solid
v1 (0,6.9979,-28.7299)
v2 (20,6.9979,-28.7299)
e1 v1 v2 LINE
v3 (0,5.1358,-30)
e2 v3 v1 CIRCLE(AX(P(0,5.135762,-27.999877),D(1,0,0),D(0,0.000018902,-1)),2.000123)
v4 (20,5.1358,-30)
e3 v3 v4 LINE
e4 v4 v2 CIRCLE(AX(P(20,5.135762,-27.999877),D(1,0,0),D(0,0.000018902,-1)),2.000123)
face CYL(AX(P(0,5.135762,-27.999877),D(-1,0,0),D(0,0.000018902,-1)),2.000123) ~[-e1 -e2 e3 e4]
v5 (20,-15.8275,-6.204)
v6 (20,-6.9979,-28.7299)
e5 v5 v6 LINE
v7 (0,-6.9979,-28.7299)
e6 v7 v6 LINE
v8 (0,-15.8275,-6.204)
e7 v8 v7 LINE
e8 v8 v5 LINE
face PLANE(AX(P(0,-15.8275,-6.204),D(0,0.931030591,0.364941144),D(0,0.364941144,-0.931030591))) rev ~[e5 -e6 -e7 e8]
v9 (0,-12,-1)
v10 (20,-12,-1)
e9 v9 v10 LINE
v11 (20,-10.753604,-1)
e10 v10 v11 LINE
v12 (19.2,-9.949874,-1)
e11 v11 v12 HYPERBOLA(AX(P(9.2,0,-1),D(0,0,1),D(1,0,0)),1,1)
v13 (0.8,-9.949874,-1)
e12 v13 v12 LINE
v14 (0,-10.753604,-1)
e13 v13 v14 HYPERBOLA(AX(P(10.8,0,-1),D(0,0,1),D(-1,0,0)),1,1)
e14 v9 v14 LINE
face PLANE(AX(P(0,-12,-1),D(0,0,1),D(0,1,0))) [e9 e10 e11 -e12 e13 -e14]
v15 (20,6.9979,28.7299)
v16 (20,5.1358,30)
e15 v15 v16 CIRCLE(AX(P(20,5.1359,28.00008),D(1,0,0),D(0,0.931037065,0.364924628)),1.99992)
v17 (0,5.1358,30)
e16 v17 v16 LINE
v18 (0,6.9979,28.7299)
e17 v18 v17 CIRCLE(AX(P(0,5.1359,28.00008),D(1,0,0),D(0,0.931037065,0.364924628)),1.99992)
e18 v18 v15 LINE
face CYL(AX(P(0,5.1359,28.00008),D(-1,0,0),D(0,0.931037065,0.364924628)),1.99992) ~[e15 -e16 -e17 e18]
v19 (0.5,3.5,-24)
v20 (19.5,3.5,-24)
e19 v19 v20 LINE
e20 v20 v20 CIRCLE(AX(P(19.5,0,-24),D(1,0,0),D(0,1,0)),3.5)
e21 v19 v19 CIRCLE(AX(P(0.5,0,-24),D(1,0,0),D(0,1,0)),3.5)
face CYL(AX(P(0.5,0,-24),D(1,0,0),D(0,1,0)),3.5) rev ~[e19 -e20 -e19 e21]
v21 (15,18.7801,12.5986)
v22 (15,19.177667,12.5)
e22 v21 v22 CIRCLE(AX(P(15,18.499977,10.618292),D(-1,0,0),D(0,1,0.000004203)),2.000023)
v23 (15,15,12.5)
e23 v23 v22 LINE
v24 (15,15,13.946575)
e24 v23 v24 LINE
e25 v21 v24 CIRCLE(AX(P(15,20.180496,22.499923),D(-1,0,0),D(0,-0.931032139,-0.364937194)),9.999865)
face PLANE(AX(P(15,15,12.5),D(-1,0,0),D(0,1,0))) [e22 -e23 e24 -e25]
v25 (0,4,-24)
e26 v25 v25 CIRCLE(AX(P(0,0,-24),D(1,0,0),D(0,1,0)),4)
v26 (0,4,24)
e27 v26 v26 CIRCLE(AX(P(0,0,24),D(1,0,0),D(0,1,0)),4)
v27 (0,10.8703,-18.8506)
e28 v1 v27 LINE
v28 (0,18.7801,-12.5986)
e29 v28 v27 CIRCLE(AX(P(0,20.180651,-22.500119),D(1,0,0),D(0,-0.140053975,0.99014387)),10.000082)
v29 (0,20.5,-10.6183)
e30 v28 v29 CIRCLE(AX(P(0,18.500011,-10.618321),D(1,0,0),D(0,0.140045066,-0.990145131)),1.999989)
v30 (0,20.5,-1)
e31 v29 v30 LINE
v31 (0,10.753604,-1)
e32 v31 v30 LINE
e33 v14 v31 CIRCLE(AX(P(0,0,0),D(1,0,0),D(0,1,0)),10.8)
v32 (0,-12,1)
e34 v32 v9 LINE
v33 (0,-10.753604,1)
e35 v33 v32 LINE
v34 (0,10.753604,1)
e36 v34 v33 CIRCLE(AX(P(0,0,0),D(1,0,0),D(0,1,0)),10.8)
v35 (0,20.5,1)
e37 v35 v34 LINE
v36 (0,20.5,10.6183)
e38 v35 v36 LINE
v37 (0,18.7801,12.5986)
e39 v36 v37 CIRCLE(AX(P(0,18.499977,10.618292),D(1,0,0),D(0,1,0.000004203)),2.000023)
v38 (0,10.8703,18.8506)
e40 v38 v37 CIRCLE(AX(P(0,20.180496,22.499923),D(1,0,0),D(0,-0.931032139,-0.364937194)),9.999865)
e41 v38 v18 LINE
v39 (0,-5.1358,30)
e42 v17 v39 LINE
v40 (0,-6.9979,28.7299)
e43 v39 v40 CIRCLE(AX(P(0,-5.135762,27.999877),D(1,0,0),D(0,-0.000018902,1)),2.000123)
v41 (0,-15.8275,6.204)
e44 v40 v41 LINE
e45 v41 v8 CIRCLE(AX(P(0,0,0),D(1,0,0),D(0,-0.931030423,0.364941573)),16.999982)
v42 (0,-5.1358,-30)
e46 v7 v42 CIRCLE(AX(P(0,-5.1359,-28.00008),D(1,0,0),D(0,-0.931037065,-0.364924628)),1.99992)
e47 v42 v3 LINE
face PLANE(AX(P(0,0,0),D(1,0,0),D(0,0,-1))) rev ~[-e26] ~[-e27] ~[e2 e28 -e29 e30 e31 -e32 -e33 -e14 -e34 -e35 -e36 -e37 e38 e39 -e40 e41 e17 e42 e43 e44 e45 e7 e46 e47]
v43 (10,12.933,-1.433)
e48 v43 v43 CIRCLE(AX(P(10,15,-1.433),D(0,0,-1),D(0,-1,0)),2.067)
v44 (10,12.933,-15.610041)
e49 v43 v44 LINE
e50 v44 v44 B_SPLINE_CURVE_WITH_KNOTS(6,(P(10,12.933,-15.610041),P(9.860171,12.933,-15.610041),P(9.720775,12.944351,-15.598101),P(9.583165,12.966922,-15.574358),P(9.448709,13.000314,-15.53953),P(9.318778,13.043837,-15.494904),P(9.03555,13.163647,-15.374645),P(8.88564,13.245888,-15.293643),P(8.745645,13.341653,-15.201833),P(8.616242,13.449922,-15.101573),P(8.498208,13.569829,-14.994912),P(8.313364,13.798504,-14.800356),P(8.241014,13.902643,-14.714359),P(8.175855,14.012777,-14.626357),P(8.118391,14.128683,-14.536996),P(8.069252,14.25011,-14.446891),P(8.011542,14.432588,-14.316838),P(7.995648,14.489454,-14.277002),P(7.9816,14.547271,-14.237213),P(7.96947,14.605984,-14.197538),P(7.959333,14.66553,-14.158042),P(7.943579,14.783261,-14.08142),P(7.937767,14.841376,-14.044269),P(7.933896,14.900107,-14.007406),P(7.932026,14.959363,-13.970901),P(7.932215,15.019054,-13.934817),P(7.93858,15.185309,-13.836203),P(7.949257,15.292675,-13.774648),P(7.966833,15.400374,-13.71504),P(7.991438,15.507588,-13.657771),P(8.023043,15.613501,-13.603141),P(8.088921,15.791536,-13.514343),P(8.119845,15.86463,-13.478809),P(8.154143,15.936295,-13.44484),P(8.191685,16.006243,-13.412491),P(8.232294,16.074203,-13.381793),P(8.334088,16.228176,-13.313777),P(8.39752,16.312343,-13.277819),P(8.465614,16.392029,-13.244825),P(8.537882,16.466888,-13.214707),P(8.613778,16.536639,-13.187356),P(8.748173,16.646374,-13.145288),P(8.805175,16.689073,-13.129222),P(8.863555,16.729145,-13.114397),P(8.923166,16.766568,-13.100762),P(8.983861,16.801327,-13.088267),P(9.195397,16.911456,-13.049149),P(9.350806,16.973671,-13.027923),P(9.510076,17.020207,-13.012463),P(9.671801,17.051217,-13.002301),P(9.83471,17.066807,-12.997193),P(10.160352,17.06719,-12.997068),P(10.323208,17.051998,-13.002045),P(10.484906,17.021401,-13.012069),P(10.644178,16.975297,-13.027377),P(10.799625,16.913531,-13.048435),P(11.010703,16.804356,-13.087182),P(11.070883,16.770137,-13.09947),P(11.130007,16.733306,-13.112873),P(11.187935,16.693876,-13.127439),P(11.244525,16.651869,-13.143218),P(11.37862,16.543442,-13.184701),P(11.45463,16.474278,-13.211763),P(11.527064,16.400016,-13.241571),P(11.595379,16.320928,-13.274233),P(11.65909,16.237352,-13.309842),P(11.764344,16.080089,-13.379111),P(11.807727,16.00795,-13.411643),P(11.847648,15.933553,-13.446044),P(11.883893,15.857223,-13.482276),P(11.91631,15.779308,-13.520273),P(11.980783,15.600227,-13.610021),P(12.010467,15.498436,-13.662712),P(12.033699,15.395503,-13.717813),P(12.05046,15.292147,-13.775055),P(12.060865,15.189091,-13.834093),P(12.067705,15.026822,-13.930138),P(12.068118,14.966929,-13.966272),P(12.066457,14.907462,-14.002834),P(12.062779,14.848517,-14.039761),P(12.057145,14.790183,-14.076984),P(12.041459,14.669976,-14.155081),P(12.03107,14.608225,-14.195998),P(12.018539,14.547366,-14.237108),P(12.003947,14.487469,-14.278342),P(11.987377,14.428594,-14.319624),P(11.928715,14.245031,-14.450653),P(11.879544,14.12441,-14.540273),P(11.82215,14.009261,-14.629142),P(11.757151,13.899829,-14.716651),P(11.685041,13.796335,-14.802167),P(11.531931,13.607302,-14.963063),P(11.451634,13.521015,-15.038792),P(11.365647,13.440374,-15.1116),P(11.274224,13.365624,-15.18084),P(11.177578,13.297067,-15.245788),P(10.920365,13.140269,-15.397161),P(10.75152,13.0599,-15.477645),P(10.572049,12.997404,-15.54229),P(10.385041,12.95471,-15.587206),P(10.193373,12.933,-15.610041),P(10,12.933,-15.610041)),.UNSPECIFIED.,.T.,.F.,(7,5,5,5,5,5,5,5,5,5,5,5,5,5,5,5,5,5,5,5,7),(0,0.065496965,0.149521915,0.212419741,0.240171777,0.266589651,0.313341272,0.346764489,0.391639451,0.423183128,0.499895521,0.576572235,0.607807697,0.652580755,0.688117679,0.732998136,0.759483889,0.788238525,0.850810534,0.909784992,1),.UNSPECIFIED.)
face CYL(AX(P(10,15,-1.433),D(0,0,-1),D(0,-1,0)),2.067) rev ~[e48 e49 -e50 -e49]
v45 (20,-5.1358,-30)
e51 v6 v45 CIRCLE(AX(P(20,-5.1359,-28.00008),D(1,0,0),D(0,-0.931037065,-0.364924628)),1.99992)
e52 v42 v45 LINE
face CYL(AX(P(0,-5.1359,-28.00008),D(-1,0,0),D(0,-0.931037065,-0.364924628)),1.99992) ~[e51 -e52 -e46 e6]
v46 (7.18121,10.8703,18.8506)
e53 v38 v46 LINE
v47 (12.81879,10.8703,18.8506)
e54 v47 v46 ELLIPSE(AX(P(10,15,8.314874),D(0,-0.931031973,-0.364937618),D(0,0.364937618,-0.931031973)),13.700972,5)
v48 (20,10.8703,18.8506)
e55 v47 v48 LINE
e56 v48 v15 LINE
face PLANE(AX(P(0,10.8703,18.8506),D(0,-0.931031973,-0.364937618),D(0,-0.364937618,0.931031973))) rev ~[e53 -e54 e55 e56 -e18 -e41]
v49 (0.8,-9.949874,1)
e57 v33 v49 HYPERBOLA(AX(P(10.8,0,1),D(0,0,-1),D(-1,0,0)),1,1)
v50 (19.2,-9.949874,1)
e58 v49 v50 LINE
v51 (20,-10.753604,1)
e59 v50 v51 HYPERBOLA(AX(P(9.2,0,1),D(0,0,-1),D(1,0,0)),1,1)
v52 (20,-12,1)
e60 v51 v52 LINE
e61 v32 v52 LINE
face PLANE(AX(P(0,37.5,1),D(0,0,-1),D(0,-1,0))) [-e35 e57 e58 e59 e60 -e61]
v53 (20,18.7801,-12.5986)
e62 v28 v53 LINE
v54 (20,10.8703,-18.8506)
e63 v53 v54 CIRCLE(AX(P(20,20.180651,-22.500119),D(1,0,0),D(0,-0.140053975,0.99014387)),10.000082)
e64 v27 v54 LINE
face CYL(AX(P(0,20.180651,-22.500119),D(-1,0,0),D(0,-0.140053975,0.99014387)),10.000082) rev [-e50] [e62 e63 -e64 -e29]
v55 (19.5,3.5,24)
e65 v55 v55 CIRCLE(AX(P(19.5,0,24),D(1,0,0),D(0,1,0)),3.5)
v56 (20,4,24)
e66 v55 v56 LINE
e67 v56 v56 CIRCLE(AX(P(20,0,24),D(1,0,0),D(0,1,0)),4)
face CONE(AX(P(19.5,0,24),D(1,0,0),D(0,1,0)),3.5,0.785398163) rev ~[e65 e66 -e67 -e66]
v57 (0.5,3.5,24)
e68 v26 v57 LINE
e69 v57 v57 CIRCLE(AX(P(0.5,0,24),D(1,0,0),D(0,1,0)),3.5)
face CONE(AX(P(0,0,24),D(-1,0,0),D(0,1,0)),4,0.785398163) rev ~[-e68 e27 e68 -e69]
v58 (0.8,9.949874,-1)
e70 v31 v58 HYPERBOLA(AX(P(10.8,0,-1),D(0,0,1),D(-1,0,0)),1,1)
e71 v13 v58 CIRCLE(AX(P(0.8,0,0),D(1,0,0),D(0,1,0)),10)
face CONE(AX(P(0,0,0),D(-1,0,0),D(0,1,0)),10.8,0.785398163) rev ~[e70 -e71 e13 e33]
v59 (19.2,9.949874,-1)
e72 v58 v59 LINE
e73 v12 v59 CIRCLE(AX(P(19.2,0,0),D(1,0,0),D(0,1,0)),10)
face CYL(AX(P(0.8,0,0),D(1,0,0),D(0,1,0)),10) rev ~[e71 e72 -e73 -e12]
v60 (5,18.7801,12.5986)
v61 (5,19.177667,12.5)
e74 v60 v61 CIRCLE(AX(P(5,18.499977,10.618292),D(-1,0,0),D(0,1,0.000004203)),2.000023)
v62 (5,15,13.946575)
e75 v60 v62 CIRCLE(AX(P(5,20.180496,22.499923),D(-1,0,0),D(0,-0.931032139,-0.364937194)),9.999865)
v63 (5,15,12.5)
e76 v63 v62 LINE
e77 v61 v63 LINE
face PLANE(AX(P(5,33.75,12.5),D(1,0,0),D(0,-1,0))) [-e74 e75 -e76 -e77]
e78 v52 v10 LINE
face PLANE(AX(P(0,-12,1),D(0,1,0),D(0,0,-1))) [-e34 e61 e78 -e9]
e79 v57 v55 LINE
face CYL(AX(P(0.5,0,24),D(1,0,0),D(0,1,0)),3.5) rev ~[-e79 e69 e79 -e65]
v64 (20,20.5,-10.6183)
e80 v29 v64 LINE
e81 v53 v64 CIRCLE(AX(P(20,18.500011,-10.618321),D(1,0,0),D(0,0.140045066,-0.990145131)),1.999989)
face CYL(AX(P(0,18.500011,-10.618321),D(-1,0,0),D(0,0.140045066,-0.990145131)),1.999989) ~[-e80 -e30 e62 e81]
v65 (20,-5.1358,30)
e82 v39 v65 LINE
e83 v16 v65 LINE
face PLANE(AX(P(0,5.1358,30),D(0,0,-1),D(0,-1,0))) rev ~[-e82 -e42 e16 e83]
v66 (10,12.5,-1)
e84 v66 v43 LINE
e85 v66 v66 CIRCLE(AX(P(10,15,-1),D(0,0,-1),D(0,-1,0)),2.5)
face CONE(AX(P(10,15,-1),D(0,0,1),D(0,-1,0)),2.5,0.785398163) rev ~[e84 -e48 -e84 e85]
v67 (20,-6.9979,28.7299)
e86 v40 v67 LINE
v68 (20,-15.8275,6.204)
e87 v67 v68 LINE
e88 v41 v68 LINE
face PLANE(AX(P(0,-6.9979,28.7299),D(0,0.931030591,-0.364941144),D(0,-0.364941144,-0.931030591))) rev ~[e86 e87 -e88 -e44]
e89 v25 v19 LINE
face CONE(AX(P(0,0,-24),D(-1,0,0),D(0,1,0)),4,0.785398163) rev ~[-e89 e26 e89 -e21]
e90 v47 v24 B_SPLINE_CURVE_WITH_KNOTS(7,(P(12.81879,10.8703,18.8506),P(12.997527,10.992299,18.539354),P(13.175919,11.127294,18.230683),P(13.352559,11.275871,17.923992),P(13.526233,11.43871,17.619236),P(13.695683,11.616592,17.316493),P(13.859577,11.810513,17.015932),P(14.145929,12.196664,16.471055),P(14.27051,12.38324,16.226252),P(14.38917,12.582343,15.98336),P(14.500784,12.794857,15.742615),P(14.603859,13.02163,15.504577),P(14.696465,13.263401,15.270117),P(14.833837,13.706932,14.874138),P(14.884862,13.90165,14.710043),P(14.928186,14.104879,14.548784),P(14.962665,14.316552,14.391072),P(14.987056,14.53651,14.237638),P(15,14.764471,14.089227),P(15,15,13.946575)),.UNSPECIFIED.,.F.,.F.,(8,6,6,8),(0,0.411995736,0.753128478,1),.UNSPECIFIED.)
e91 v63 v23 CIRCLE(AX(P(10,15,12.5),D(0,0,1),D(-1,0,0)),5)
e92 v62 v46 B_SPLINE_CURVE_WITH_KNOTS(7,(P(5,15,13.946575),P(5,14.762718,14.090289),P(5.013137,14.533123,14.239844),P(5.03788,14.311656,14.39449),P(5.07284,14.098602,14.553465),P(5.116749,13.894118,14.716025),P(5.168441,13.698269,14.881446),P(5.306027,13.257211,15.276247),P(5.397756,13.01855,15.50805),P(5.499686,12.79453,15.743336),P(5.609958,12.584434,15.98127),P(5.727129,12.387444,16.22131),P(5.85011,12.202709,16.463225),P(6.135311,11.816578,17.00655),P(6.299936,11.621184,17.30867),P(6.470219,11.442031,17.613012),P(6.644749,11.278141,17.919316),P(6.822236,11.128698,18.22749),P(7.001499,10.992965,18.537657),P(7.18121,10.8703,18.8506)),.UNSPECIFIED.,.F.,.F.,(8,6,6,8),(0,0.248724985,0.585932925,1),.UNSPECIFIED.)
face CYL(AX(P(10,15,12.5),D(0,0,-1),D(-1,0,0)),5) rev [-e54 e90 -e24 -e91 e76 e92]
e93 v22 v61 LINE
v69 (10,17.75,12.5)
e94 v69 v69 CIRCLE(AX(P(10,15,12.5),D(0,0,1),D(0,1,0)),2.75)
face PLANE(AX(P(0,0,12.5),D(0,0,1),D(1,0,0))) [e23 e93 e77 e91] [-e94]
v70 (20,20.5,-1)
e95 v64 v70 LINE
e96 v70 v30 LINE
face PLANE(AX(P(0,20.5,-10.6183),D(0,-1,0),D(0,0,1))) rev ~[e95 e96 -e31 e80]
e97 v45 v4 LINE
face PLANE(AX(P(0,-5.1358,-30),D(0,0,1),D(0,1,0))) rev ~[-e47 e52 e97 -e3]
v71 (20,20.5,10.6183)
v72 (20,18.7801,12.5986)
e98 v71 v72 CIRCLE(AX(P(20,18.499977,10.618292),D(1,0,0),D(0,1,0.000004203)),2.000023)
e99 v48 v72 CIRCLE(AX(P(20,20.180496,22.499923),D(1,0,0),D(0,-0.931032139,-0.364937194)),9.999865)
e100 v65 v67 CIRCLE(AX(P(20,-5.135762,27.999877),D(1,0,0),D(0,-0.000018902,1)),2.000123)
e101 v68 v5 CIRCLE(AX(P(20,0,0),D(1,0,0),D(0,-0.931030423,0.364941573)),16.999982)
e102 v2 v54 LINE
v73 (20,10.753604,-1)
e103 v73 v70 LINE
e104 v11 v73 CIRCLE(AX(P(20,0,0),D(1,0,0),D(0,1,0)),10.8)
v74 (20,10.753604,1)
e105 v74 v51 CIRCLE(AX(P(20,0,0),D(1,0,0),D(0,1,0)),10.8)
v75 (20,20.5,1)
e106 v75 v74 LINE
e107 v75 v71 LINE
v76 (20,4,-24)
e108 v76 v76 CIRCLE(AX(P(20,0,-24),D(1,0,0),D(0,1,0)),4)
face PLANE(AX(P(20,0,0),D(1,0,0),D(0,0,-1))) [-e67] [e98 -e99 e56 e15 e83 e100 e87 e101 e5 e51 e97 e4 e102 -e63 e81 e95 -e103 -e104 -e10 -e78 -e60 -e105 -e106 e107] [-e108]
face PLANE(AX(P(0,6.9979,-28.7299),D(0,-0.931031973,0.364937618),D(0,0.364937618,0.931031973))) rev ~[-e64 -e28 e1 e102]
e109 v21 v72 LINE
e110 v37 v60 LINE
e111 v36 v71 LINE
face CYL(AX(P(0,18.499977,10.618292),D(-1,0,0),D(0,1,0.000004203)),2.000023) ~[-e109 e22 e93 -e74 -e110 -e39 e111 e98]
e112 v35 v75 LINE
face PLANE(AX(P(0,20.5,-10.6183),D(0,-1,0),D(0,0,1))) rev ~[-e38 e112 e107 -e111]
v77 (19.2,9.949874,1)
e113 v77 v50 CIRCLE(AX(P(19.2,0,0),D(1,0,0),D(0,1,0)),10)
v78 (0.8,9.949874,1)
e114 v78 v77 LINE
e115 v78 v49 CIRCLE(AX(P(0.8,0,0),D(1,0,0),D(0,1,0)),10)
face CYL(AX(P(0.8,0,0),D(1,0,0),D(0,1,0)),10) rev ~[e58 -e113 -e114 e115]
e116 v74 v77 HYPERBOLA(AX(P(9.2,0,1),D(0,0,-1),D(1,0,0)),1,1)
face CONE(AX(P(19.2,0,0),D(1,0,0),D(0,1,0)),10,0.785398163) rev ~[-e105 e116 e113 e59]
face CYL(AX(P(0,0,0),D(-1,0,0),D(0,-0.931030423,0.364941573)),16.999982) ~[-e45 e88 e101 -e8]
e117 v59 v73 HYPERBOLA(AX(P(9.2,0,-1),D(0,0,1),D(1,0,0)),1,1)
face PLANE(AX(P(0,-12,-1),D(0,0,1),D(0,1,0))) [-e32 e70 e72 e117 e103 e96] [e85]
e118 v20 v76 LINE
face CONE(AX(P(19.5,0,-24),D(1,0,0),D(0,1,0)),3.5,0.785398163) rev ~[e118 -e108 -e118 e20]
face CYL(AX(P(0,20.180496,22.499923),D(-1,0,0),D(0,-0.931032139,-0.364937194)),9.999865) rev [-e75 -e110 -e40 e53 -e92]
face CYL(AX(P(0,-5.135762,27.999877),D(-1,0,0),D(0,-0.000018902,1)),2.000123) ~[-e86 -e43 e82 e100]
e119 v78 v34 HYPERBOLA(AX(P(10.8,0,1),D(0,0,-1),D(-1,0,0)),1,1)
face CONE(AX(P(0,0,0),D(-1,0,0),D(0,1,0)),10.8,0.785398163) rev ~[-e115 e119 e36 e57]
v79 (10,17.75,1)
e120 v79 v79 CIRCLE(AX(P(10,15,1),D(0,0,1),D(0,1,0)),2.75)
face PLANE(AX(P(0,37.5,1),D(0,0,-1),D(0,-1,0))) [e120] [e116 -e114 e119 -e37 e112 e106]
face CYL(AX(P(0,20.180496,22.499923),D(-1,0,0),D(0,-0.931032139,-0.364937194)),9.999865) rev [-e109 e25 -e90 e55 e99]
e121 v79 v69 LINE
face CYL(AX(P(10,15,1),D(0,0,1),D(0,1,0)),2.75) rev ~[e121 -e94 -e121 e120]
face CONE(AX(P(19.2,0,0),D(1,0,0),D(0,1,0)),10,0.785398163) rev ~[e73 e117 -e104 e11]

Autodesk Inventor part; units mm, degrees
sketch "_____8" plane through (0, 0, 0) normal (1, 0, 0) x (0, 0, -1)
  line L0 (-30, 5.1358) -> (-30, -5.1358)
  arc A0 (-30, -5.1358) -> (-28.7299, -6.9979) centre (-28, -5.1358) ccw
  line L1 (-28.7299, -6.9979) -> (-6.204, -15.8275)
  arc A1 (-6.204, -15.8275) -> (6.204, -15.8275) centre (0, 0) ccw
  line L2 (6.204, -15.8275) -> (28.7299, -6.9979)
  arc A2 (28.7299, -6.9979) -> (30, -5.1358) centre (28, -5.1358) ccw
  line L3 (30, -5.1358) -> (30, 5.1358)
  arc A3 (30, 5.1358) -> (28.7299, 6.9979) centre (28, 5.1358) ccw
  line L4 (28.7299, 6.9979) -> (18.8506, 10.8703)
  arc A4 (12.5986, 18.7801) -> (18.8506, 10.8703) centre (22.5, 20.1806) ccw
  arc A5 (12.5986, 18.7801) -> (10.6183, 20.5) centre (10.6183, 18.5) ccw
  line L5 (10.6183, 20.5) -> (-10.6183, 20.5)
  arc A6 (-10.6183, 20.5) -> (-12.5986, 18.7801) centre (-10.6183, 18.5) ccw
  arc A7 (-18.8506, 10.8703) -> (-12.5986, 18.7801) centre (-22.5, 20.1806) ccw
  line L6 (-18.8506, 10.8703) -> (-28.7299, 6.9979)
  arc A8 (-28.7299, 6.9979) -> (-30, 5.1358) centre (-28, 5.1358) ccw
extrude "Extrusion1" add sketch "_____8" along normal blind 20
sketch "_____2" plane through (0, 0, 0) normal (1, 0, 0) x (0, 0, -1)
  line L0 (-1, 37.5) -> (-1, -12)
  line L1 (-1, -12) -> (1, -12)
  line L2 (1, -12) -> (1, 37.5)
  line L3 (1, 37.5) -> (-1, 37.5)
extrude "Extrusion2" cut sketch "_____2" along normal blind 20
sketch "_____3" plane through (0, 0, 0) normal (0, 0, 1) x (1, 0, 0)
  line L0 (20, 0) -> (0, 0)
  line L1 (0, 0) -> (0, 10.8)
  line L2 (0, 10.8) -> (0.8, 10)
  line L3 (0.8, 10) -> (19.2, 10)
  line L4 (19.2, 10) -> (20, 10.8)
  line L5 (20, 10.8) -> (20, 0)
  line L6 (20, 0) -> (0, 0)
revolve "Revolution1" cut sketch "_____3" angle 360 about axis through (20, 0, 0) along (1, 0, 0)
sketch "_____4" plane through (0, 0, 24) normal (0, 0, 1) x (1, 0, 0)
  line L0 (20, 0) -> (0, 0)
  line L1 (0, 0) -> (0, 4)
  line L2 (0, 4) -> (0.5, 3.5)
  line L3 (0.5, 3.5) -> (19.5, 3.5)
  line L4 (19.5, 3.5) -> (20, 4)
  line L5 (20, 4) -> (20, 0)
  line L6 (20, 0) -> (0, 0)
revolve "Revolution2" cut sketch "_____4" angle 360 about axis through (20, 0, 24) along (1, 0, 0)
pattern_linear "Rectangular Pattern1" count 2 spacing 48 along (0, 0, -1) of "Revolution2"
sketch "Sketch5" plane through (0, 20.5, -1) normal (0, 0, 1) x (1, 0, 0)
  point P0 (10, -5.5)
hole "Hole1" at (10, 15, -1) direction (0, 0, -1) diameter 4.134 depth 16.5 countersink diameter 5 countersink angle 90 thread size "M5x0.8" class "6H" standard "ISO Metric profile"
sketch "Sketch6" plane through (20, 20.5, 1) normal (0, 0, -1) x (-1, 0, 0)
  point P0 (10, -5.5)
hole "Hole2" at (10, 15, 1) direction (0, 0, 1) diameter 5.5 depth 25
sketch "_____9" plane through (0, 0, 12.5) normal (0, 0, 1) x (1, 0, 0)
  line L0 (5, 33.75) -> (5, 15)
  arc A0 (5, 15) -> (15, 15) centre (10, 15) ccw
  line L1 (15, 15) -> (15, 33.75)
  line L2 (15, 33.75) -> (5, 33.75)
extrude "Extrusion3" cut sketch "_____9" along normal blind 20
ref_plane "to_bolt_XY" through (10, 15, 12.5) normal (0, 0, 1) x (1, 0, 0)
ref_plane "to_bolt_YZ" through (10, 15, 12.5) normal (1, 0, 0) x (0, 1, 0)
ref_plane "to_bolt_ZX" through (10, 15, 12.5) normal (0, 1, 0) x (0, 0, 1)
properties part number "C-SHFMQ20_b"
